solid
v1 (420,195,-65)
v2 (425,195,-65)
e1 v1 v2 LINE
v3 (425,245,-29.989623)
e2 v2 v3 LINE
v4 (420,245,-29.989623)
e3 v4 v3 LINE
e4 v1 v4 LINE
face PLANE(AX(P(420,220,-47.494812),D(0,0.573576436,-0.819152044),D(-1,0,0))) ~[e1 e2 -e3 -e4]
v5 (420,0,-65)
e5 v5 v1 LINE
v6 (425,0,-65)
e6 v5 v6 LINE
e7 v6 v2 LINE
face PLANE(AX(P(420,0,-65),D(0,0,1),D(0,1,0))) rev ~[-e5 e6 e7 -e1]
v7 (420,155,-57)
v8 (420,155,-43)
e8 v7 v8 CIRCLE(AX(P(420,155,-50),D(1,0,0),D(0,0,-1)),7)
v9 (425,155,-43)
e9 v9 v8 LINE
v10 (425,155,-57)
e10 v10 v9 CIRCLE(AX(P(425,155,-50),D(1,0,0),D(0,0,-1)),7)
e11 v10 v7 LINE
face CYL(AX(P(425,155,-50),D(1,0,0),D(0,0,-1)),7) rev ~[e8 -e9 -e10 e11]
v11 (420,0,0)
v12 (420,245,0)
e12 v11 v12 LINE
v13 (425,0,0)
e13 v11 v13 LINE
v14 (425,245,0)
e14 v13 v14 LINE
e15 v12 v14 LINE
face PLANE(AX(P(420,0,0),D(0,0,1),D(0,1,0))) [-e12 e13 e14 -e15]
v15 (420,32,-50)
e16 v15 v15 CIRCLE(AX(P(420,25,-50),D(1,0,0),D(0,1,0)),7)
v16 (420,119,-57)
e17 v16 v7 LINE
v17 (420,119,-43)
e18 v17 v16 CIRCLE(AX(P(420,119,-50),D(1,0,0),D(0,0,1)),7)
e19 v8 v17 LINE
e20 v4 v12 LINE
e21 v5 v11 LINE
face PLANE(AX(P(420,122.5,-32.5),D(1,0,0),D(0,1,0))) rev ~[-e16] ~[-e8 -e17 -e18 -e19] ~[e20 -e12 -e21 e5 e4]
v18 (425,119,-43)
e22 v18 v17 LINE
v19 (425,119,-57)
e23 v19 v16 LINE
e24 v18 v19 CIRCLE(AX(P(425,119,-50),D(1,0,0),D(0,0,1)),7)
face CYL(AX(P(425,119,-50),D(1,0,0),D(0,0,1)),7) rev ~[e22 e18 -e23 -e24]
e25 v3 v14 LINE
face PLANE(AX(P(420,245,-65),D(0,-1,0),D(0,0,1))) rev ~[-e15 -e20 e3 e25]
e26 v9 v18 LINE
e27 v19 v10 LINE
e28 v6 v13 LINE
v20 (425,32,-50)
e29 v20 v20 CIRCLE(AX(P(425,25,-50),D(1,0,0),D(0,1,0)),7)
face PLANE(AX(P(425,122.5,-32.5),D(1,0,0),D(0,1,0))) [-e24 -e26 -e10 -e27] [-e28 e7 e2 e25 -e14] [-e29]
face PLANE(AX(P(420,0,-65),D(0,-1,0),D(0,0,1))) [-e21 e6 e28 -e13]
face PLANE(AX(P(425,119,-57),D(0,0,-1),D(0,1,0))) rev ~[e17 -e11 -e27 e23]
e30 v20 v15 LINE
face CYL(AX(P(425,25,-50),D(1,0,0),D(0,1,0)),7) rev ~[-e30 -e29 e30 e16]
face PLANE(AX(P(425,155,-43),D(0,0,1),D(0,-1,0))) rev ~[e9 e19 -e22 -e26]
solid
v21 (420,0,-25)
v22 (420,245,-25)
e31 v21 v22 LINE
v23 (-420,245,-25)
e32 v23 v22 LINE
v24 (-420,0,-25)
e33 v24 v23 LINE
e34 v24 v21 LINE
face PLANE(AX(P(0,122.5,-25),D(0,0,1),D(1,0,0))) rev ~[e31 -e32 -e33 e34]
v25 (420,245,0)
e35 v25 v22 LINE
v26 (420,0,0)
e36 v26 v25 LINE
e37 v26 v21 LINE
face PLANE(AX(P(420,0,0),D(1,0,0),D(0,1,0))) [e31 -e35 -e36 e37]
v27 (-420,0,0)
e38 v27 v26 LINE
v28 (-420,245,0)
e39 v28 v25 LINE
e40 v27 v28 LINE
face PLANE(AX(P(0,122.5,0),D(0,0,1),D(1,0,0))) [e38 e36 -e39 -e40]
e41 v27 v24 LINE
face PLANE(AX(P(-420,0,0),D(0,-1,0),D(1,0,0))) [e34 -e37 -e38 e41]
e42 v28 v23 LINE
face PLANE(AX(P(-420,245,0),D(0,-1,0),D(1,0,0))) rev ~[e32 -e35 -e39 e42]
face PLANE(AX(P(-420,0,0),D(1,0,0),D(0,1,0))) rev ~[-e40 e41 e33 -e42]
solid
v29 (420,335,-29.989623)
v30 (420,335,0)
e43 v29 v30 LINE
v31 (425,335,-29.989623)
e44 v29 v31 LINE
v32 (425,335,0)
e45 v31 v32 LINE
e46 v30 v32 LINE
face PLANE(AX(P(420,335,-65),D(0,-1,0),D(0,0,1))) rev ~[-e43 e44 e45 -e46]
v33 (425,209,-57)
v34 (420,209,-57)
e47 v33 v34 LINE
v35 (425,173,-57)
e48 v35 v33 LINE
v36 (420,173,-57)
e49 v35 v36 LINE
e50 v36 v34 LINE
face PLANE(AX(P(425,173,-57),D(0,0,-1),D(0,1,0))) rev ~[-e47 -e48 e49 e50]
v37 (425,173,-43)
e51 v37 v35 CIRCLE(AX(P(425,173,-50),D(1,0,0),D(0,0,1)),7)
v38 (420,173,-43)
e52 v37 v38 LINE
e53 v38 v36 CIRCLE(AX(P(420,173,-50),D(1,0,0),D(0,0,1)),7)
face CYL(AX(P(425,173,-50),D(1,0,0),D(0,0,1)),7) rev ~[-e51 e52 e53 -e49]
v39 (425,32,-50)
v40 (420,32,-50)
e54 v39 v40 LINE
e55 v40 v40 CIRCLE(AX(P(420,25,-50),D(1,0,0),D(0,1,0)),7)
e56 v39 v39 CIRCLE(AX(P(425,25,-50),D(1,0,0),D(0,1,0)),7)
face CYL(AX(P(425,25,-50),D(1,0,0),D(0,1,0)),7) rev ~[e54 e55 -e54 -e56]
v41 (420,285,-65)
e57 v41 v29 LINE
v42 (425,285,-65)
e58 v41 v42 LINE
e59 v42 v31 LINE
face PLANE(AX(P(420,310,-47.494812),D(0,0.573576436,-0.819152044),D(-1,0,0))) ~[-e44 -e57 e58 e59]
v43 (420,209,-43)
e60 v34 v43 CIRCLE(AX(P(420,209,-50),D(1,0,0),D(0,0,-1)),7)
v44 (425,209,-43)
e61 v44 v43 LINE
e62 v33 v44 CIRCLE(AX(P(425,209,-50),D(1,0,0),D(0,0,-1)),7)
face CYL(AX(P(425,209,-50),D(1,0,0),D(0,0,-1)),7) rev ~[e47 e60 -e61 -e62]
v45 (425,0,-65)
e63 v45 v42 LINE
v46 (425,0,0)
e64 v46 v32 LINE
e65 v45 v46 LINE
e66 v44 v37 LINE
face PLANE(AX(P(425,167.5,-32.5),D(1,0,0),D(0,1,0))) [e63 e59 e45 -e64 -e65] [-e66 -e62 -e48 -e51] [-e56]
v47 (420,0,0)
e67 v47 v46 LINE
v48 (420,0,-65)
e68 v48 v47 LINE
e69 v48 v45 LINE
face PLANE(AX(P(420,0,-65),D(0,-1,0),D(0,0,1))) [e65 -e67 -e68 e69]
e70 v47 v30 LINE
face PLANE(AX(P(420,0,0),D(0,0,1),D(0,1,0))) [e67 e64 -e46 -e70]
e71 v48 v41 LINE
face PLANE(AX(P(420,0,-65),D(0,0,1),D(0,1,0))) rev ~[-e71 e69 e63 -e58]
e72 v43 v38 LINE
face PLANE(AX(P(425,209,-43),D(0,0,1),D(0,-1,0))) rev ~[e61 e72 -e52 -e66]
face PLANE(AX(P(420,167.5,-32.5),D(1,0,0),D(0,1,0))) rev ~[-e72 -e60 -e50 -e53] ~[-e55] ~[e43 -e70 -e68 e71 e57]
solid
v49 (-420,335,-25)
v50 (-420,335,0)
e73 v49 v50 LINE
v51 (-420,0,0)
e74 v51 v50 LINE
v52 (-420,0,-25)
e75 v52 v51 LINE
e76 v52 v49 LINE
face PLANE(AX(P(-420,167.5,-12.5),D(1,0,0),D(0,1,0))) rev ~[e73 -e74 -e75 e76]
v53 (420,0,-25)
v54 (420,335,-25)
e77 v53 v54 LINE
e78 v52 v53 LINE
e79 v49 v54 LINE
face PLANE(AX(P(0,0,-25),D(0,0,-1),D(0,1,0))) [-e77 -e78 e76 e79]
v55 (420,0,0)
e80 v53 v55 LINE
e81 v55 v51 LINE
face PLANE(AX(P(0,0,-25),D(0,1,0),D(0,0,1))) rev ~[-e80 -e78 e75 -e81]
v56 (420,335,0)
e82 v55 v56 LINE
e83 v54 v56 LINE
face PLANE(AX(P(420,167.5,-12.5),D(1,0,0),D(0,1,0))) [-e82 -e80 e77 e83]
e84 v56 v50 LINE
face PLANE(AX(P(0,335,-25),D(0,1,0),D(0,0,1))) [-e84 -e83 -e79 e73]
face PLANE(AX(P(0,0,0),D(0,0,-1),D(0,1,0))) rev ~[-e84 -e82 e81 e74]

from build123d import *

# Parameters (mm, degrees)
F0_W           = 840
F0_H           = 245
F1_DEPTH       = 25
F2_W           = 245
F2_H           = 65
F3_DEPTH       = 5
F4_SIZE2       = 35.0103769105
F4_SIZE        = 50
F5_R           = 7
F6_DEPTH       = 25
F16_W          = 335
F16_H          = 25
F17_DEPTH      = 420
F17_DEPTH_BACK = 420
F18_W          = 335
F18_H          = 65
F19_DEPTH      = 5
F20_SIZE2      = 35.0103769105
F20_SIZE       = 50
F21_R          = 7
F22_DEPTH      = 5


with BuildPart() as f1:
    # F0 (on Top) → F1 (new body)
    with BuildSketch(Plane.XY):
        with Locations((0, 122.5)):
            Rectangle(F0_W, F0_H)
    extrude(amount=-F1_DEPTH)


with BuildPart() as f3:
    # F2 (on face) → F3 (new body)
    with BuildSketch(Plane.YZ.offset(420)):
        with Locations((122.5, -32.5)):
            Rectangle(F2_W, F2_H)
    extrude(amount=F3_DEPTH)

    # F4
    f4_edges = [f3.edges().sort_by_distance(p)[0] for p in [
        (422.5, 245, -65),
    ]]
    f4_side = f3.faces().sort_by_distance((422.5, 122.5, -65))[0]
    chamfer(f4_edges, length=F4_SIZE, length2=F4_SIZE2, reference=f4_side)

    # F5 (on face) → F6 (cut)
    with BuildSketch(Plane.YZ.offset(425)):
        with Locations((25, -50)):
            Circle(F5_R)
        with BuildLine():
            Line((155, -43), (119, -43))
            ThreePointArc((119, -43), (112, -50), (119, -57))
            Line((119, -57), (155, -57))
            ThreePointArc((155, -57), (162, -50), (155, -43))
        make_face()
    extrude(amount=-F6_DEPTH, mode=Mode.SUBTRACT)


with BuildPart() as f7_1:
    # F7: copy of F3
    add(f3.part.moved(Location((-845, 0, 0))))


with BuildPart() as f8_1:
    # F8: copy of F1
    add(f1.part)


with BuildPart() as f10_1:
    # F10: copy of F3
    add(f3.part.moved(Location((5, 0, 0))))


with BuildPart() as f11_1:
    # F11: copy of F8_1
    add(f8_1.part)


with BuildPart() as f13_1:
    # F13: copy of F3
    add(f3.part)


with BuildPart() as f17:
    # F16 (on Right) → F17 (new body, two sides)
    with BuildSketch(Plane.YZ) as f17_sk:
        with Locations((167.5, -12.5)):
            Rectangle(F16_W, F16_H)
    extrude(amount=F17_DEPTH)
    extrude(f17_sk.sketch, amount=-F17_DEPTH_BACK)


with BuildPart() as f19:
    # F18 (on face) → F19 (new body)
    with BuildSketch(Plane.YZ.offset(420)):
        with Locations((167.5, -32.5)):
            Rectangle(F18_W, F18_H)
    extrude(amount=F19_DEPTH)

    # F20
    f20_edges = [f19.edges().sort_by_distance(p)[0] for p in [
        (422.5, 335, -65),
    ]]
    f20_side = f19.faces().sort_by_distance((422.5, 167.5, -65))[0]
    chamfer(f20_edges, length=F20_SIZE, length2=F20_SIZE2, reference=f20_side)

    # F21 (on face) → F22 (cut, through all)
    with BuildSketch(Plane.YZ.offset(425)):
        with Locations((25, -50)):
            Circle(F21_R)
        with BuildLine():
            Line((209, -43), (173, -43))
            ThreePointArc((173, -43), (166, -50), (173, -57))
            Line((173, -57), (209, -57))
            ThreePointArc((209, -57), (216, -50), (209, -43))
        make_face()
    extrude(amount=-F22_DEPTH, mode=Mode.SUBTRACT)


solid = Compound([f11_1.part, f13_1.part, f17.part, f19.part])
